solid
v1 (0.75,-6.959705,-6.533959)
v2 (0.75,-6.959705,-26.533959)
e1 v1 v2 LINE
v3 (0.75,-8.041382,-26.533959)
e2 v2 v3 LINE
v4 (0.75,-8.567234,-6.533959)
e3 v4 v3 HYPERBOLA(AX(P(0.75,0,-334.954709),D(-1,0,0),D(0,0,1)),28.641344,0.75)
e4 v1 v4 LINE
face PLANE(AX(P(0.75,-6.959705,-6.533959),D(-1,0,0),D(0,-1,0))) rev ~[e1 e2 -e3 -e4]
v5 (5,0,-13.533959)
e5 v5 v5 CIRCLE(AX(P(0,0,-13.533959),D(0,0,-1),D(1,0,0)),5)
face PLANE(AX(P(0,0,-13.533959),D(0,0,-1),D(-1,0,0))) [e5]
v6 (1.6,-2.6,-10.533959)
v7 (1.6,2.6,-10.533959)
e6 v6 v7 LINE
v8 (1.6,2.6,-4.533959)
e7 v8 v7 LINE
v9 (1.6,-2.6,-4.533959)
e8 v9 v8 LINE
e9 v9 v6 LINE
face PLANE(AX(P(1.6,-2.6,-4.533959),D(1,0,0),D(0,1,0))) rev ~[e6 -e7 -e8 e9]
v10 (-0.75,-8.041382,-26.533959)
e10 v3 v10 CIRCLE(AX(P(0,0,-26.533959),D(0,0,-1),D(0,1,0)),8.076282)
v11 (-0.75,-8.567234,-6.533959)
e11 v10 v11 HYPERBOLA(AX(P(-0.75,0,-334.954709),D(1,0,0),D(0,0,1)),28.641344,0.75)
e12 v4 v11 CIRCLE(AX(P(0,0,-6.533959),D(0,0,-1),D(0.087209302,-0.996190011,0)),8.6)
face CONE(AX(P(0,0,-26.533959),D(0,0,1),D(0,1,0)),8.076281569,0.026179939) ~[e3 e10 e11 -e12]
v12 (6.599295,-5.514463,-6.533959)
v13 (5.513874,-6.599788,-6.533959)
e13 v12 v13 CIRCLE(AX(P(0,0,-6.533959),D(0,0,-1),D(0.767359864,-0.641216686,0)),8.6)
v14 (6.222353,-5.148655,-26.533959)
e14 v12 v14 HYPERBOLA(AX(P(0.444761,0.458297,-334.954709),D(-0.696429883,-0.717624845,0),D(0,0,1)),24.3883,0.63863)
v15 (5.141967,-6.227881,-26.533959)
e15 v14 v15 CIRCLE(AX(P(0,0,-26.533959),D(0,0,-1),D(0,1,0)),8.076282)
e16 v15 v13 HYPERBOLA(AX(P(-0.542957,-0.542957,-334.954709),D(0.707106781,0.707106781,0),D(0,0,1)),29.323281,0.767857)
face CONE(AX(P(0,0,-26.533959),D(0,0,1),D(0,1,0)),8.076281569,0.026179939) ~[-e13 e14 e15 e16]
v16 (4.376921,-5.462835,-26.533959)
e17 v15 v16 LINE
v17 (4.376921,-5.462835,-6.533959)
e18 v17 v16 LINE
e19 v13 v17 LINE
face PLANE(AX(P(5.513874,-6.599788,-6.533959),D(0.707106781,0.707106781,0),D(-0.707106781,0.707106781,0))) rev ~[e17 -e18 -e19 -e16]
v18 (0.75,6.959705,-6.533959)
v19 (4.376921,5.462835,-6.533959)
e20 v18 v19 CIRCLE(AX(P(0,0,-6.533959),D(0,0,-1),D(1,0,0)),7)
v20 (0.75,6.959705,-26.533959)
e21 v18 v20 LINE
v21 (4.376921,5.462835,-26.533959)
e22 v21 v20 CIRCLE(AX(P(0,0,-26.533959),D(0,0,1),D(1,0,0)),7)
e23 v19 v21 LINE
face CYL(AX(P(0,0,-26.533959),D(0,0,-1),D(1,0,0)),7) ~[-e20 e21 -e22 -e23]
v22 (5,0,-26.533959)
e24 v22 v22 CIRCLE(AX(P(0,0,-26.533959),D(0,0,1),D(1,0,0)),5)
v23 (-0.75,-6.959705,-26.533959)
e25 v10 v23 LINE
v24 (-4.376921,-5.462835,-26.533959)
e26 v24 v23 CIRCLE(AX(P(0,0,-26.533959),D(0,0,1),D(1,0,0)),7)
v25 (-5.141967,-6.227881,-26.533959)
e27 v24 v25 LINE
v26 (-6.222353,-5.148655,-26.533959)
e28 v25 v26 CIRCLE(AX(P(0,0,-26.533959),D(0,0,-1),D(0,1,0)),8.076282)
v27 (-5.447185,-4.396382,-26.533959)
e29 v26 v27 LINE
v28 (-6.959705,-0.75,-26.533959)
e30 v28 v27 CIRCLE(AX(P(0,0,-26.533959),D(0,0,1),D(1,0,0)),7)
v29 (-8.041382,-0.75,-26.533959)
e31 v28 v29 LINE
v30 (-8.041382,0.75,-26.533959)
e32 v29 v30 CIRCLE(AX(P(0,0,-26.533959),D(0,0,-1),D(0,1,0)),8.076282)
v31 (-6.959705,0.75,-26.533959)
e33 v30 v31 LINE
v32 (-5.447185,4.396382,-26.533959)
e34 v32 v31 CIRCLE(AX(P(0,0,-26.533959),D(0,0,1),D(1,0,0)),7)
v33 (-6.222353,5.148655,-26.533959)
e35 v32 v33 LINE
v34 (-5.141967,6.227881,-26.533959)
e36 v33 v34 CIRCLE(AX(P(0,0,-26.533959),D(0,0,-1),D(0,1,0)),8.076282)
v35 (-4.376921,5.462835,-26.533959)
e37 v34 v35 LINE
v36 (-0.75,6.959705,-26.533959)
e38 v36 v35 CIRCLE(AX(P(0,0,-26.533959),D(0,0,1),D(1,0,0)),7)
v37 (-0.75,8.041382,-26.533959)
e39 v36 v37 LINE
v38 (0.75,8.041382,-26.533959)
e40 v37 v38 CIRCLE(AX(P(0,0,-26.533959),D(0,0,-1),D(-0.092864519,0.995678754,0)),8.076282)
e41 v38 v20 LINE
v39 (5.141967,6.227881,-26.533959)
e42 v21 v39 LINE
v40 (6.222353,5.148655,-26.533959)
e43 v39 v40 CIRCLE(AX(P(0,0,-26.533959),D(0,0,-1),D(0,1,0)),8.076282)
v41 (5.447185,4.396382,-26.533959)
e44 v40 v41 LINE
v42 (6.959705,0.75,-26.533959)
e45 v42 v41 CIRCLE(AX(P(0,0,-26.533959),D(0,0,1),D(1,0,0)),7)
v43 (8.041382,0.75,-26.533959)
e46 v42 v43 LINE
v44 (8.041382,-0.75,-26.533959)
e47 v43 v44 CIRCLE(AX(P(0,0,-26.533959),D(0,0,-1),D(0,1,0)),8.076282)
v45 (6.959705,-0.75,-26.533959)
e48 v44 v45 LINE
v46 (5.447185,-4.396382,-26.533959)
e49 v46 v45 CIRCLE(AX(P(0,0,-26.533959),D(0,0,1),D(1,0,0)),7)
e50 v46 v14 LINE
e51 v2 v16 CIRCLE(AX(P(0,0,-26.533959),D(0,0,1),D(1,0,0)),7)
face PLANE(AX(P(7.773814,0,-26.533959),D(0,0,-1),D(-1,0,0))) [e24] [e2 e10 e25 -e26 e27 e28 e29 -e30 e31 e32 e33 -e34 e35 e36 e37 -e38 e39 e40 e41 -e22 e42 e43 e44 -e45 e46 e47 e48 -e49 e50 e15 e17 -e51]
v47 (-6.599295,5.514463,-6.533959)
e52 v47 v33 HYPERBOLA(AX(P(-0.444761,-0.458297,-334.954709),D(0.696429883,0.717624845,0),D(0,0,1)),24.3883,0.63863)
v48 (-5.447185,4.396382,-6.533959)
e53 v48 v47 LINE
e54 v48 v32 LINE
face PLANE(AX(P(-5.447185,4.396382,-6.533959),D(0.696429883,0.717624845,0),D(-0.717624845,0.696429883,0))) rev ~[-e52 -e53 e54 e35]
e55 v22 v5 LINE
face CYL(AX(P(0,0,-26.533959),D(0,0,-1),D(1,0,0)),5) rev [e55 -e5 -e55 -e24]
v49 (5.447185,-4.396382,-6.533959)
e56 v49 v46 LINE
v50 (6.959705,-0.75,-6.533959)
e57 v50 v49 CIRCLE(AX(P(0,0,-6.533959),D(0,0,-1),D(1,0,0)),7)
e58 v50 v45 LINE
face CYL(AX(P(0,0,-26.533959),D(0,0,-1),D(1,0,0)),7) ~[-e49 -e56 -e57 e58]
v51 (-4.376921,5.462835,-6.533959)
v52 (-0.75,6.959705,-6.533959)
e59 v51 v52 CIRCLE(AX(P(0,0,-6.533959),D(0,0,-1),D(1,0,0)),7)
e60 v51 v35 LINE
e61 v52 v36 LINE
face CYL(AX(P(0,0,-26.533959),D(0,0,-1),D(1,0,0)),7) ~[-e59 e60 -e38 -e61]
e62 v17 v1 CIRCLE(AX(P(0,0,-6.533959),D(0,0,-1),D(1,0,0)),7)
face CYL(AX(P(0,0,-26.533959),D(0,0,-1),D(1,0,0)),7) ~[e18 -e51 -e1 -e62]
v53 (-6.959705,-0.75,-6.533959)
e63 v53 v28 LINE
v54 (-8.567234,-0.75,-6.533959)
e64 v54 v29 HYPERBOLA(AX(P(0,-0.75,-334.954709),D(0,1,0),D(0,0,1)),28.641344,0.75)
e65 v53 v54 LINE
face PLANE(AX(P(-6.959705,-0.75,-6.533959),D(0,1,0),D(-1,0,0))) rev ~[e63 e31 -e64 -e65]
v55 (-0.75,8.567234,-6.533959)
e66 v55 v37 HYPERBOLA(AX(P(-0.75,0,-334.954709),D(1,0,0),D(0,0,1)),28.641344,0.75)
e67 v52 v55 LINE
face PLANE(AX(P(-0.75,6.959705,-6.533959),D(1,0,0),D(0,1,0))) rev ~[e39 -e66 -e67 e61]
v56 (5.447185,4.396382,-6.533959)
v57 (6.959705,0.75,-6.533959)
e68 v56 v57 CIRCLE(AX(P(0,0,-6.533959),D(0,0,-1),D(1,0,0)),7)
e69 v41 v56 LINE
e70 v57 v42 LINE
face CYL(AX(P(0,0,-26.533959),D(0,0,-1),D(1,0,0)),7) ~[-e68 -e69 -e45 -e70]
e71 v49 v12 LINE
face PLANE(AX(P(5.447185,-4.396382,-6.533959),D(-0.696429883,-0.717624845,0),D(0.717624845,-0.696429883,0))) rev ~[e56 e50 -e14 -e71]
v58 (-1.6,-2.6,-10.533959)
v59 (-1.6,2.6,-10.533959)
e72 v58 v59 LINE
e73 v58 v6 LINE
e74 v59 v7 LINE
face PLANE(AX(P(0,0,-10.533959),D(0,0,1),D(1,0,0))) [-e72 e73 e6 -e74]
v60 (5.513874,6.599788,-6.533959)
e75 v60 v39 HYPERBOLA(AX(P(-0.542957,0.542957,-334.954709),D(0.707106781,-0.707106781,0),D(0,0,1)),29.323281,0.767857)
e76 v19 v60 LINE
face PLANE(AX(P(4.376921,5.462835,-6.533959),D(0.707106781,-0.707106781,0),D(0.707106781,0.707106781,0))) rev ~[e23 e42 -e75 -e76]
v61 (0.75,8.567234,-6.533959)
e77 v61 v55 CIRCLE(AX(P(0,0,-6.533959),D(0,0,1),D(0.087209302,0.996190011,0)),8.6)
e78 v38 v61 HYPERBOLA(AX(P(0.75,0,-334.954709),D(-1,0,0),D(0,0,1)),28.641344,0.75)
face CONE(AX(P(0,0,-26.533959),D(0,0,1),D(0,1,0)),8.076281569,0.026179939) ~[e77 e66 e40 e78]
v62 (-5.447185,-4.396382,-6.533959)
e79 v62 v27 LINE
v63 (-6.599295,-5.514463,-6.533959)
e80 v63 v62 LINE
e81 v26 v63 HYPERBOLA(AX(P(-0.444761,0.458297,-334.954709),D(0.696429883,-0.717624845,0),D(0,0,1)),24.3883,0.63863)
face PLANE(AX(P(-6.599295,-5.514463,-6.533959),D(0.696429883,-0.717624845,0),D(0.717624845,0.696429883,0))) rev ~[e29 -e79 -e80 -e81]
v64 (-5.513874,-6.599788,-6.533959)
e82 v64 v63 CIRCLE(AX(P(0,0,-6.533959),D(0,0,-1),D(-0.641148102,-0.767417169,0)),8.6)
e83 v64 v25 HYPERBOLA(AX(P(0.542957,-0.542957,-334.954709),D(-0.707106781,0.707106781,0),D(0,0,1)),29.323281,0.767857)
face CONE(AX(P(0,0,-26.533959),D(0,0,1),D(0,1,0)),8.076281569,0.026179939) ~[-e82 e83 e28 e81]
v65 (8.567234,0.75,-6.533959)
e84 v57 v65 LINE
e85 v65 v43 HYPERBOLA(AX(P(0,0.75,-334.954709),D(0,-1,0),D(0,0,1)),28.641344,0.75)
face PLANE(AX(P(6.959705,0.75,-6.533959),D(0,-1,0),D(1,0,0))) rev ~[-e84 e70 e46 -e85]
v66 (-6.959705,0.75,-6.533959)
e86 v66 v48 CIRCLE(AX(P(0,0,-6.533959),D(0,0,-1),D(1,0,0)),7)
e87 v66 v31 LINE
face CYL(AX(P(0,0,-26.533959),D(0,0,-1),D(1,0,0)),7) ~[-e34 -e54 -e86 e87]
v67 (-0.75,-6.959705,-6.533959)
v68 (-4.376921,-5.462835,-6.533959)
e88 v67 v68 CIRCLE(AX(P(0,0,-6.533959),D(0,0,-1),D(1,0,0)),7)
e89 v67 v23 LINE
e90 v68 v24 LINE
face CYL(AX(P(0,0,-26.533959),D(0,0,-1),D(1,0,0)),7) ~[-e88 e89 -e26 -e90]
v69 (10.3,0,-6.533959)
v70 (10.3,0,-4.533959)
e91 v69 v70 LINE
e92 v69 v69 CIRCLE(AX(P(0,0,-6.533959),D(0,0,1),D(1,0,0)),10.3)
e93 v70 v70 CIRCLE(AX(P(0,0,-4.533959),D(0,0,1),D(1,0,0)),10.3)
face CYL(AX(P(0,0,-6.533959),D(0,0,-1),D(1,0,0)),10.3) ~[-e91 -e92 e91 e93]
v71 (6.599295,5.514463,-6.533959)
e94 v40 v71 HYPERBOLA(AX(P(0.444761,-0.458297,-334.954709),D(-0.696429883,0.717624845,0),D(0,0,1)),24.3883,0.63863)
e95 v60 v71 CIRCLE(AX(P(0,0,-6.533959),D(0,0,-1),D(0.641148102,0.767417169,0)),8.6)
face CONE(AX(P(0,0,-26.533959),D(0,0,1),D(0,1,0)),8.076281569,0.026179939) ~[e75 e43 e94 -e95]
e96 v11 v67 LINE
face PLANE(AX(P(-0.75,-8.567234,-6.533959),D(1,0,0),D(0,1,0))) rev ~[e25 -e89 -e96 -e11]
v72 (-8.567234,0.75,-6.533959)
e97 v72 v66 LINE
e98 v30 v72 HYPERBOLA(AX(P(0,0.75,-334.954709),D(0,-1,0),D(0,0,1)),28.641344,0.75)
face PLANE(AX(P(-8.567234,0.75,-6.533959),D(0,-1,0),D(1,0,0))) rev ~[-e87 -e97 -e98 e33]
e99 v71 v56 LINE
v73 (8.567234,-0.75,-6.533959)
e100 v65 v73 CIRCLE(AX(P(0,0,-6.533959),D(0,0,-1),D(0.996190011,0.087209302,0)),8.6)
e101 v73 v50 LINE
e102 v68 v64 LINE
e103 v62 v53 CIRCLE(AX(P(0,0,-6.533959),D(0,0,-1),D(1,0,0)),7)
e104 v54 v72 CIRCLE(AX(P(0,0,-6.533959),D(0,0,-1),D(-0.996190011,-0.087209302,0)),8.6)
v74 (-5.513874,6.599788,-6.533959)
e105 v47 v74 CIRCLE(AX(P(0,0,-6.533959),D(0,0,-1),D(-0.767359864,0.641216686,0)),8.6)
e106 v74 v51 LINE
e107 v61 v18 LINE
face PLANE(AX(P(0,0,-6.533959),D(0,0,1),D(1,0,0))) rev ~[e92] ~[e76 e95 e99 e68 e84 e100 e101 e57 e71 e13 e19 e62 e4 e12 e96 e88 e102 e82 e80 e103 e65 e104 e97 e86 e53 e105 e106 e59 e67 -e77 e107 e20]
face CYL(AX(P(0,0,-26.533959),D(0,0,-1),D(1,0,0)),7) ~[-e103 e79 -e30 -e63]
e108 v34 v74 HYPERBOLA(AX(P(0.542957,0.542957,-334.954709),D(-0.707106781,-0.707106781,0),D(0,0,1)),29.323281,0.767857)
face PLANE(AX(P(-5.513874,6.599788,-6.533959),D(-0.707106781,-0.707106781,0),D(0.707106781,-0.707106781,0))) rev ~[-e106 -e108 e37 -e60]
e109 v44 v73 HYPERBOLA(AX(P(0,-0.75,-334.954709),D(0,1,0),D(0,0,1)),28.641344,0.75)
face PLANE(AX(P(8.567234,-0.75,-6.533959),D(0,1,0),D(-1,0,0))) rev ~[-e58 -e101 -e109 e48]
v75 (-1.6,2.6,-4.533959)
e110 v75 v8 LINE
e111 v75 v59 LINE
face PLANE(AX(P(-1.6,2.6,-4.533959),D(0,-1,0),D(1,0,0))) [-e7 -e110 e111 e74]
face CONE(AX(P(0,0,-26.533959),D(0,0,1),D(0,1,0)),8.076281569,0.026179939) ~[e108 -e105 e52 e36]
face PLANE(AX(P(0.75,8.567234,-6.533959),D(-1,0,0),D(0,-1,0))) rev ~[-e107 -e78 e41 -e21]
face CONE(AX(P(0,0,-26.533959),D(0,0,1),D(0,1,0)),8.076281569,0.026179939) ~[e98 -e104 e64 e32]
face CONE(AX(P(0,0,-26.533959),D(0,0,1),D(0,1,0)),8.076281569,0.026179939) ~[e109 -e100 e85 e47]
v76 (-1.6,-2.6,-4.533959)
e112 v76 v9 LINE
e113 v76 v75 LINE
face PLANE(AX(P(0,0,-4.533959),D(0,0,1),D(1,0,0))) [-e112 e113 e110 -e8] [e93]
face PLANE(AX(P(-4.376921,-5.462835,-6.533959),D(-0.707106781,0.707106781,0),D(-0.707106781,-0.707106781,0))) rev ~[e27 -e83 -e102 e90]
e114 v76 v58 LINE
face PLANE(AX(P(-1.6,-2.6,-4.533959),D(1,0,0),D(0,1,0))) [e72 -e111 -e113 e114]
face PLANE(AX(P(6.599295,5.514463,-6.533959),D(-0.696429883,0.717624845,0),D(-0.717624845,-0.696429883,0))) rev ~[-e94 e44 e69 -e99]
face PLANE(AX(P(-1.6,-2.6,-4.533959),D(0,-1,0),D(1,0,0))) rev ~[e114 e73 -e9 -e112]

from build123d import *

# Parameters (mm, degrees)
SKETCH_1_R           = 20.6
EXTRUDE_1_DEPTH      = 4
EXTRUDE_2_DEPTH      = 1
EXTRUDE_2_DEPTH_BACK = 40
SKETCH_2_R           = 14
SKETCH_2_R_2         = 10
EXTRUDE_3_DEPTH      = 40
SKETCH_9_R           = 14
EXTRUDE_4_DEPTH      = 14
SKETCH_10_W          = 6.4
SKETCH_10_H          = 10.4
CUT_EXTRUDE_1_DEPTH  = 12
SCALE_1_SCALE        = 0.5


with BuildPart() as part:
    # Эскиз1 → Бобышка-Вытянуть1 (new body)
    with BuildSketch(Plane.XY):
        Circle(SKETCH_1_R)
    extrude(amount=EXTRUDE_1_DEPTH)



with BuildPart() as body_2:
    # Эскиз2 → Бобышка-Вытянуть2 (new, two sides: drawn at the far end of the back side and taken through both)
    with BuildSketch(Plane.XY.offset(-EXTRUDE_2_DEPTH_BACK)):
        Circle(SKETCH_2_R)
        Circle(SKETCH_2_R_2, mode=Mode.SUBTRACT)
    extrude(amount=EXTRUDE_2_DEPTH + EXTRUDE_2_DEPTH_BACK)


with BuildPart() as part_1:
    add(part.part)

    add(body_2.part)  # Бобышка-Вытянуть3 merges body 2
    # Эскиз3 → Бобышка-Вытянуть3 (add)
    with BuildSketch(Plane(origin=(0, 0, 0), x_dir=(-1, 0, 0), z_dir=(0, 0, -1))):
        with BuildLine():
            Line((-13.919410907, 1.5), (-17.134468186, 1.5))
            ThreePointArc((-17.134468186, 1.5), (-17.2, 0), (-17.134468186, -1.5))
            Line((-17.134468186, -1.5), (-13.919410907, -1.5))
            ThreePointArc((-13.919410907, -1.5), (-14, 0), (-13.919410907, 1.5))
        make_face()
        with BuildLine():
            Line((-13.198589674, 11.028926993), (-10.894370922, 8.792763059))
            ThreePointArc((-10.894370922, 8.792763059), (-9.881821028, 9.917137347), (-8.753841642, 10.925669613))
            Line((-8.753841642, 10.925669613), (-11.027747345, 13.199575315))
            ThreePointArc((-11.027747345, 13.199575315), (-12.161693133, 12.162780115), (-13.198589674, 11.028926993))
        make_face()
        with BuildLine():
            ThreePointArc((-8.753841642, -10.925669613), (-9.881821028, -9.917137347), (-10.894370922, -8.792763059))
            Line((-10.894370922, -8.792763059), (-13.198589674, -11.028926993))
            ThreePointArc((-13.198589674, -11.028926993), (-12.161693133, -12.162780115), (-11.027747345, -13.199575315))
            Line((-11.027747345, -13.199575315), (-8.753841642, -10.925669613))
        make_face()
        with BuildLine():
            Line((-1.5, 17.134468186), (-1.5, 13.919410907))
            ThreePointArc((-1.5, 13.919410907), (0, 14), (1.5, 13.919410907))
            Line((1.5, 13.919410907), (1.5, 17.134468186))
            ThreePointArc((1.5, 17.134468186), (0, 17.2), (-1.5, 17.134468186))
        make_face()
        with BuildLine():
            ThreePointArc((1.5, -13.919410907), (0, -14), (-1.5, -13.919410907))
            Line((-1.5, -13.919410907), (-1.5, -17.134468186))
            ThreePointArc((-1.5, -17.134468186), (0, -17.2), (1.5, -17.134468186))
            Line((1.5, -17.134468186), (1.5, -13.919410907))
        make_face()
        with BuildLine():
            Line((11.027747345, 13.199575315), (8.753841642, 10.925669613))
            ThreePointArc((8.753841642, 10.925669613), (9.881821028, 9.917137347), (10.894370922, 8.792763059))
            Line((10.894370922, 8.792763059), (13.198589674, 11.028926993))
            ThreePointArc((13.198589674, 11.028926993), (12.161693133, 12.162780115), (11.027747345, 13.199575315))
        make_face()
        with BuildLine():
            ThreePointArc((10.894370922, -8.792763059), (9.881821028, -9.917137347), (8.753841642, -10.925669613))
            Line((8.753841642, -10.925669613), (11.027747345, -13.199575315))
            ThreePointArc((11.027747345, -13.199575315), (12.161693133, -12.162780115), (13.198589674, -11.028926993))
            Line((13.198589674, -11.028926993), (10.894370922, -8.792763059))
        make_face()
        with BuildLine():
            Line((17.134468186, 1.5), (13.919410907, 1.5))
            ThreePointArc((13.919410907, 1.5), (14, 0), (13.919410907, -1.5))
            Line((13.919410907, -1.5), (17.134468186, -1.5))
            ThreePointArc((17.134468186, -1.5), (17.2, 0), (17.134468186, 1.5))
        make_face()
    extrude(amount=EXTRUDE_3_DEPTH)

    # Эскиз8 → Вырез-Повернуть2 (revolve, cut)
    with BuildSketch(Plane(origin=(0, 0, 0), x_dir=(0, 0, -1), z_dir=(1, 0, 0))):
        Polygon((40, 16.152563137), (0, 17.2), (40, 17.2), align=None)
    revolve(axis=Axis((0, 0, 0), (0, 0, -1)), mode=Mode.SUBTRACT)

    # Эскиз9 → Бобышка-Вытянуть4 (add)
    with BuildSketch(Plane(origin=(0, 0, 0), x_dir=(-1, 0, 0), z_dir=(0, 0, -1))):
        Circle(SKETCH_9_R)
    extrude(amount=EXTRUDE_4_DEPTH)

    # Эскиз10 → Вырез-Вытянуть1 (cut)
    with BuildSketch(Plane.XY.offset(4)):
        Rectangle(SKETCH_10_W, SKETCH_10_H)
    extrude(amount=-CUT_EXTRUDE_1_DEPTH, mode=Mode.SUBTRACT)


with BuildPart() as part_2:
    # Масштаб1: scaled about (0, 0, -13.067917949)
    add(part_1.part.scale(SCALE_1_SCALE).moved(Location((0, 0, -6.533958974))))


solid = part_2.part
